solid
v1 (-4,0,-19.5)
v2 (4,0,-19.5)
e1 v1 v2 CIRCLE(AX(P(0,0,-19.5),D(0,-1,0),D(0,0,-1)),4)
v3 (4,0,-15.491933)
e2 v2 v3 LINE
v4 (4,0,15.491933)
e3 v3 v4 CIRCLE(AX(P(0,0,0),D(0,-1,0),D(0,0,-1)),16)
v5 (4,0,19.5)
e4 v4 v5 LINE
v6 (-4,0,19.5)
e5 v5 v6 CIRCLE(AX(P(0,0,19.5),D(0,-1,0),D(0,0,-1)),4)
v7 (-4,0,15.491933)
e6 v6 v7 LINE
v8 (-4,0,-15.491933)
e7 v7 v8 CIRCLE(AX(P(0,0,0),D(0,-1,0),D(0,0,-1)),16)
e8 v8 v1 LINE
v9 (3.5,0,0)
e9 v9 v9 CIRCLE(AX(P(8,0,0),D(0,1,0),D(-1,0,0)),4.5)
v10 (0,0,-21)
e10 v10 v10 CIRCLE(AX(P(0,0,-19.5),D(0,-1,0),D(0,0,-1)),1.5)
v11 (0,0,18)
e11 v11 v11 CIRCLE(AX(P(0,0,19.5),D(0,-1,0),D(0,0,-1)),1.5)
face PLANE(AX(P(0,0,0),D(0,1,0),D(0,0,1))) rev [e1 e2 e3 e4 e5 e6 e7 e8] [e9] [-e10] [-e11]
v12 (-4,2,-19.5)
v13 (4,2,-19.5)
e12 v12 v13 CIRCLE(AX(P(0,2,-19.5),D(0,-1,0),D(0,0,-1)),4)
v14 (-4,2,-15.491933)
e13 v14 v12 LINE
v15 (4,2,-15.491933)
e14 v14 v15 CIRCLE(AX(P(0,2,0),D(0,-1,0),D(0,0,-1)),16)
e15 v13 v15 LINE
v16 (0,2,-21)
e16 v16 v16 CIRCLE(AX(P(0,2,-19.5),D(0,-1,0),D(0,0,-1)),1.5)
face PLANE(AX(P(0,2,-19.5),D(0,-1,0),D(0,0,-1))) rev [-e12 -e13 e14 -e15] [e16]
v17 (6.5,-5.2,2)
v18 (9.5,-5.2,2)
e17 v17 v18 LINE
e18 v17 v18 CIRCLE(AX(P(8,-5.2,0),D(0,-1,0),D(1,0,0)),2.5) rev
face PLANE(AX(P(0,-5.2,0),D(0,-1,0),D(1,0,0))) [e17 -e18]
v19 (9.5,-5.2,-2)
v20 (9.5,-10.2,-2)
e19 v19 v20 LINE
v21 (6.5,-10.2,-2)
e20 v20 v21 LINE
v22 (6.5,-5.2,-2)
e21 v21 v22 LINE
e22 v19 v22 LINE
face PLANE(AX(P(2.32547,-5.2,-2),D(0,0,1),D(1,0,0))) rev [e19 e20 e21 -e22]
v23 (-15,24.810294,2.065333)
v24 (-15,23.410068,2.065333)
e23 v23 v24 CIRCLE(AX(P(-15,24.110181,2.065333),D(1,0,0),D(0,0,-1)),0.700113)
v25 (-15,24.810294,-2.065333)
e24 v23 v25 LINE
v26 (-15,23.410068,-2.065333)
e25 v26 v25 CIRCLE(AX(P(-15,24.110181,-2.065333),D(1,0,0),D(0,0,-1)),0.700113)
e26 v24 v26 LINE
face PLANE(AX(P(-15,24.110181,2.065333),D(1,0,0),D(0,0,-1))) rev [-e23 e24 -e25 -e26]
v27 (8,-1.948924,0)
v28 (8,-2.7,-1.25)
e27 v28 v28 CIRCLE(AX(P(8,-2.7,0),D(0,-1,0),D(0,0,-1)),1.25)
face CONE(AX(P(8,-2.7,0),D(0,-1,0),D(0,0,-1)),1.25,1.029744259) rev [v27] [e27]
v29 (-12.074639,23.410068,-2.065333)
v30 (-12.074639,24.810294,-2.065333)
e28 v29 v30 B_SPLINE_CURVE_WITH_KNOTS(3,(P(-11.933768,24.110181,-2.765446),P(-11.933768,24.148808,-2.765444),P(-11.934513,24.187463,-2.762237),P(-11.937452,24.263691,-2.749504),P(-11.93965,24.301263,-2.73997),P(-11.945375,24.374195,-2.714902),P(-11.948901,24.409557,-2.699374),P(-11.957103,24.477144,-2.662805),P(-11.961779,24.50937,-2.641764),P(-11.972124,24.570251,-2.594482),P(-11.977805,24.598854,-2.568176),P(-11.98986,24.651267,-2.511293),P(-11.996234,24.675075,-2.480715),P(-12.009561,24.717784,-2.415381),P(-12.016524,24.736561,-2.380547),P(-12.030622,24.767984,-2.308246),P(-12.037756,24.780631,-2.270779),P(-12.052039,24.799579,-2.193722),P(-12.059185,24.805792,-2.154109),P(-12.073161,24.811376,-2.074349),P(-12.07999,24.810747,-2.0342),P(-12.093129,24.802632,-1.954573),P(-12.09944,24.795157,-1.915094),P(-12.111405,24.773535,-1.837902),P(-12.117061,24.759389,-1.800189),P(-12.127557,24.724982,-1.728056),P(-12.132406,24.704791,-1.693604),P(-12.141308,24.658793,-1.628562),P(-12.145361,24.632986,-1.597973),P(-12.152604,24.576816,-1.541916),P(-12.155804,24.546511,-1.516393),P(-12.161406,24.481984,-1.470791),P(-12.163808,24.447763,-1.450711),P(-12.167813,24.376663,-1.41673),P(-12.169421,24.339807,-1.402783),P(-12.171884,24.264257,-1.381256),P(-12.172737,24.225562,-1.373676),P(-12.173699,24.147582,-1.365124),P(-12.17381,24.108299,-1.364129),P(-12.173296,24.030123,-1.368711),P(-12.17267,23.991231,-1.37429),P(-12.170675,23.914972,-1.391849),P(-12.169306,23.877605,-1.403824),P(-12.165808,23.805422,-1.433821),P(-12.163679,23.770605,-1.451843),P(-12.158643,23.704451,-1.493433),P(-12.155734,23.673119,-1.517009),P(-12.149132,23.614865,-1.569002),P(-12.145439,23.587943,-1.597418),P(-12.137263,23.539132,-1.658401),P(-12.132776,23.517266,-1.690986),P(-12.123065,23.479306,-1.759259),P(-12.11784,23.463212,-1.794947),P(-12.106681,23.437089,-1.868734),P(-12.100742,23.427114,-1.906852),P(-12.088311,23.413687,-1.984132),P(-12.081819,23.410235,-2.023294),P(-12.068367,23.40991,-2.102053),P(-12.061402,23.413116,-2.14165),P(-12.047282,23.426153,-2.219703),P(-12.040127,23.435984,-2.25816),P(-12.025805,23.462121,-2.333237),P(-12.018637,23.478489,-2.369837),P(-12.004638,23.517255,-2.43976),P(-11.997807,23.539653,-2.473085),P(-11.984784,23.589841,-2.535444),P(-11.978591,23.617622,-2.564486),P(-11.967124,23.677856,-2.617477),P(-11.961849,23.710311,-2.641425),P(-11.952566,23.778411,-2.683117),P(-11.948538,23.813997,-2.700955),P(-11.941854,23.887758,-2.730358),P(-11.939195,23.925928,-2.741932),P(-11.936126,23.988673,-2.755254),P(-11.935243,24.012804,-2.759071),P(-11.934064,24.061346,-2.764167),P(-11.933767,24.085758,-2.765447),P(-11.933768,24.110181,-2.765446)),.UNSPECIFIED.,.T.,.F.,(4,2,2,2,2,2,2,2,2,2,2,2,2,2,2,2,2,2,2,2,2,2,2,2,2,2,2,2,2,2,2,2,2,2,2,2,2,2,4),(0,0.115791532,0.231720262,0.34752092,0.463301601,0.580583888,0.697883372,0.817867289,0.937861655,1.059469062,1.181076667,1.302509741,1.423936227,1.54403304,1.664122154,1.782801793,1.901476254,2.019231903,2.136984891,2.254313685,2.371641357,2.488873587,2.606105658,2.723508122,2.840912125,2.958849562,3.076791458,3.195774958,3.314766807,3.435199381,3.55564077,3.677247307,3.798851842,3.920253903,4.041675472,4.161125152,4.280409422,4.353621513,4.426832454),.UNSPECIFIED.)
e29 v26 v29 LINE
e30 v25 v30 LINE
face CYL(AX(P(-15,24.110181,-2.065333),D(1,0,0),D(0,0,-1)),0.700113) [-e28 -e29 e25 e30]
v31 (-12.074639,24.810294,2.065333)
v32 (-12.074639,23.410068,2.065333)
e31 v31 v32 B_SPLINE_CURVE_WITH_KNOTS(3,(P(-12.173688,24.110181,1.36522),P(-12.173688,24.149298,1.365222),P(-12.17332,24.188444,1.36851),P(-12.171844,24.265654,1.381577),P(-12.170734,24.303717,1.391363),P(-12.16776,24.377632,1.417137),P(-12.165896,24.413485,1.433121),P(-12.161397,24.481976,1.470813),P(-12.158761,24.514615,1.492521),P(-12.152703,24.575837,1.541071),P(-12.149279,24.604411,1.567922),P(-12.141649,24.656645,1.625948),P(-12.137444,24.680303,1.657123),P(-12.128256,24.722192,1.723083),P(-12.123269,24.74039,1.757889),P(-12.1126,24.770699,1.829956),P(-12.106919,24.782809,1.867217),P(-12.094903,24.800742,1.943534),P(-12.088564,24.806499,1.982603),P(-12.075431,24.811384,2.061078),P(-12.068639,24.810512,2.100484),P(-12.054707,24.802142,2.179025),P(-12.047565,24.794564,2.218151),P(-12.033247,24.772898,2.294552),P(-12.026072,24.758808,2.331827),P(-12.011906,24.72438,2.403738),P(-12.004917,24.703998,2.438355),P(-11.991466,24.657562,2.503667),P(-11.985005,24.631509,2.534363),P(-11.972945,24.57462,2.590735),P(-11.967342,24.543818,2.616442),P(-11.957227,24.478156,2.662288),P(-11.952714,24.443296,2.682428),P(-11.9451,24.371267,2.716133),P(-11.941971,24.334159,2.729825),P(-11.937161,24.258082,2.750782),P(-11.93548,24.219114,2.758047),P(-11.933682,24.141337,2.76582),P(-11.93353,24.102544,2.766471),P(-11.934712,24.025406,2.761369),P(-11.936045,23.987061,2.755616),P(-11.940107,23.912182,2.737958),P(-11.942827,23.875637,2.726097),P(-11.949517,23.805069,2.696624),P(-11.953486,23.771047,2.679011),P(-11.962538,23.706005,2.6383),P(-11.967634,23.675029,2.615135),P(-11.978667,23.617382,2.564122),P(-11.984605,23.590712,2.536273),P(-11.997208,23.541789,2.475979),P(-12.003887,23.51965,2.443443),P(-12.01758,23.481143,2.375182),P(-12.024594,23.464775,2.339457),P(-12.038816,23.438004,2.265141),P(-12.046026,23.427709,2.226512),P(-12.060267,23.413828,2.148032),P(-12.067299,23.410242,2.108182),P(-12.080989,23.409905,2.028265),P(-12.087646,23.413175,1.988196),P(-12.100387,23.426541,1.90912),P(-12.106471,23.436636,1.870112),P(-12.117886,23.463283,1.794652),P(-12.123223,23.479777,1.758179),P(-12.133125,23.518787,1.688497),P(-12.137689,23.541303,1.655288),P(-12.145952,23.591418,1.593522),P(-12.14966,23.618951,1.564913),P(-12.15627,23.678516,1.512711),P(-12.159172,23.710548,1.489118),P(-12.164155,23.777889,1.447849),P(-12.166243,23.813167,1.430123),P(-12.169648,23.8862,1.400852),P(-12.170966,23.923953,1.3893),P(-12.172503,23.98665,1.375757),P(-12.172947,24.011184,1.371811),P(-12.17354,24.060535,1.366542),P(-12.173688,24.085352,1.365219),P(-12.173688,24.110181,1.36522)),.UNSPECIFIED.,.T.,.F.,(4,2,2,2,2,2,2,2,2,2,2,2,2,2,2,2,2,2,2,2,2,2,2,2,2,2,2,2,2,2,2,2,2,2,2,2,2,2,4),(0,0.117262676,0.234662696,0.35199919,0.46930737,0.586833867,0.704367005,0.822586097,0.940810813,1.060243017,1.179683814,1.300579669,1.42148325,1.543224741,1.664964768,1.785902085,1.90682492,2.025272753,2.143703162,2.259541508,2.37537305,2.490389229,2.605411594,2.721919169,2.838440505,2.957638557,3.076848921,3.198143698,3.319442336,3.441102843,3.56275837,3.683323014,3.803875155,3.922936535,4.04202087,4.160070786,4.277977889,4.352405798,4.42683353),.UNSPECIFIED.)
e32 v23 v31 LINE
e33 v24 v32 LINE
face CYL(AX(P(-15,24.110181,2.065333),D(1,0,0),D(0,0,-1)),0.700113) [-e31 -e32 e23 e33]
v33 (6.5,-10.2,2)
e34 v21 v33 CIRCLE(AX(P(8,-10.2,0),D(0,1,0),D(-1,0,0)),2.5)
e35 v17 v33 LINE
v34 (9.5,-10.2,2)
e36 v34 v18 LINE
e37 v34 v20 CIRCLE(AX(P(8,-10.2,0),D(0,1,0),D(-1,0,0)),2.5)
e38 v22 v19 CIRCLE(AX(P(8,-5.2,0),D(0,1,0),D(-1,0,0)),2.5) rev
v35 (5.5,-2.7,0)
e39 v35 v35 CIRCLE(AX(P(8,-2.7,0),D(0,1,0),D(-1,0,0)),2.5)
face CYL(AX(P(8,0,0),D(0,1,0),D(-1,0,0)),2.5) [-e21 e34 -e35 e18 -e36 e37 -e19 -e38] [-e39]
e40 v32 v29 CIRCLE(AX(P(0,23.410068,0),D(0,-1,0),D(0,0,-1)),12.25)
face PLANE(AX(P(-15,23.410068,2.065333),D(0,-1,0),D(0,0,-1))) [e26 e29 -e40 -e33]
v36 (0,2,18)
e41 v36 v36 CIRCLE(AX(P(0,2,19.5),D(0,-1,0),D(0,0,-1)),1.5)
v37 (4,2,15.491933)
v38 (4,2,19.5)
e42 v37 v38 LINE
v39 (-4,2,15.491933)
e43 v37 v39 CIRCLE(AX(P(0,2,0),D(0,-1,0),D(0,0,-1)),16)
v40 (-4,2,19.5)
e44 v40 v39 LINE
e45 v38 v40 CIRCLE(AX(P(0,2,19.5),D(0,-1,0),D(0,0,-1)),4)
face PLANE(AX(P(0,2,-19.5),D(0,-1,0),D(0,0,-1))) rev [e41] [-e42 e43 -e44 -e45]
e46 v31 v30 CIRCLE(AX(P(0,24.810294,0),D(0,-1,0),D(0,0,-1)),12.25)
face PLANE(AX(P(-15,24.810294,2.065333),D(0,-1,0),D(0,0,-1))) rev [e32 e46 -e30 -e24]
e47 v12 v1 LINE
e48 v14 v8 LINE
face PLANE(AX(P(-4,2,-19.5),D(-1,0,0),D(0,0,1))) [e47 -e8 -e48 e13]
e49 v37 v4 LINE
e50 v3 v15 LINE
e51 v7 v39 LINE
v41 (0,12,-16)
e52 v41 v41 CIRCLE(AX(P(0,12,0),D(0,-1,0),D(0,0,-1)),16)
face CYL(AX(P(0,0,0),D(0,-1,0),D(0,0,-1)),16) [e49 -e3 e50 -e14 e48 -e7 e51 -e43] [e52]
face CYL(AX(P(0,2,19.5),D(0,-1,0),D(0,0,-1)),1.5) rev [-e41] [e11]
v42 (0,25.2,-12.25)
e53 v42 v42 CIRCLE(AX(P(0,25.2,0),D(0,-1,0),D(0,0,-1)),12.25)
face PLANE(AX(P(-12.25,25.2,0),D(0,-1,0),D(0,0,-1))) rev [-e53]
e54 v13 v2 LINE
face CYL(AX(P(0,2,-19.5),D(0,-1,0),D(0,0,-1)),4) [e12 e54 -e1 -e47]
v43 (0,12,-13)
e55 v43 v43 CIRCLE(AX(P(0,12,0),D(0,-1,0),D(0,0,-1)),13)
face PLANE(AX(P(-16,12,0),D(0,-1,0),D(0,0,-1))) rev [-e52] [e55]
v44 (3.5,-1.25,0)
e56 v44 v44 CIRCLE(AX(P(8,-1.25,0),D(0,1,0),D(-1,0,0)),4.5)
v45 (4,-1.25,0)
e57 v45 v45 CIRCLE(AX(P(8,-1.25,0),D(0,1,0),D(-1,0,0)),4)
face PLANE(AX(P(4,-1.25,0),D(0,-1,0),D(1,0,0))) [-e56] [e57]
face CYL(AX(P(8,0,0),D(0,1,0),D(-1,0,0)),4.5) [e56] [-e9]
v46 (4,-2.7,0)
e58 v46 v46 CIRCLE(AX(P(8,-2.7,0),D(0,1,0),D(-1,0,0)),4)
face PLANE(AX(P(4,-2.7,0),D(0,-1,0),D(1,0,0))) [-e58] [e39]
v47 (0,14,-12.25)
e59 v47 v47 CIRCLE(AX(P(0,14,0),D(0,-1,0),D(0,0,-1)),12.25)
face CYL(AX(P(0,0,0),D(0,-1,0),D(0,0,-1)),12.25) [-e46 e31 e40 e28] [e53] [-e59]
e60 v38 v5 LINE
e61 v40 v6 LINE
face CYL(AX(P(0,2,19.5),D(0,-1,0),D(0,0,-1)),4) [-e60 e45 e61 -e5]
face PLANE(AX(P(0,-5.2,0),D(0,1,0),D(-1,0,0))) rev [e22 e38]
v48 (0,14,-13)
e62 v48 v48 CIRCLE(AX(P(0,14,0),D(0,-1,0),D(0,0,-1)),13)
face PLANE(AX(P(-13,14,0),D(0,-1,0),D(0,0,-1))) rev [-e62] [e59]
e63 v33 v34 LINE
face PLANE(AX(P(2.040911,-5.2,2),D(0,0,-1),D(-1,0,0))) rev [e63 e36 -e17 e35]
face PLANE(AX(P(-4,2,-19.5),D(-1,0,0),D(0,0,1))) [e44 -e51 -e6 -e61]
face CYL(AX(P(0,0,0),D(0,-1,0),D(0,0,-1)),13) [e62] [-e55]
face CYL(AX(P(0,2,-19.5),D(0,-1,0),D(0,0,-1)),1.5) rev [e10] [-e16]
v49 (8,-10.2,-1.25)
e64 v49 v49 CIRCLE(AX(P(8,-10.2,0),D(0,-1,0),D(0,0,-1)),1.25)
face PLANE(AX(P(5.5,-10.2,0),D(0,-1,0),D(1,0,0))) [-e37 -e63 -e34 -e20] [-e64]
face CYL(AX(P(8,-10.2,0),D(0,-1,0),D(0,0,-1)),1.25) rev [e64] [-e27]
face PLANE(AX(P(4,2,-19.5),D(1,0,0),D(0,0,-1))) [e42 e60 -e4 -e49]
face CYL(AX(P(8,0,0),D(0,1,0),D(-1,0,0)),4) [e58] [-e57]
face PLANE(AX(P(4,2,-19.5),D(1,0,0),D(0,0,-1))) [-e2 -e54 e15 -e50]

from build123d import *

# Parameters (mm, degrees)
M3_TAPPED_HOLE1_D     = 2.5
M3_TAPPED_HOLE1_DEPTH = 7.5
M3_TAPPED_HOLE1_TIP   = 0.751075774
SKETCH5_W             = 11.224279957
SKETCH5_H             = 5.216918853
SKETCH5_W_2           = 10.939720747
SKETCH5_H_2           = 5.185301163
CUT_EXTRUDE1_DEPTH    = 5
SKETCH6_R             = 1.5
BOSS_EXTRUDE1_DEPTH   = 2
BOSS_EXTRUDE2_DEPTH   = 15


with BuildPart() as part:
    # Sketch1 → Revolve1 (revolve)
    with BuildSketch(Plane.XY):
        Polygon((0, 0), (-16, 0), (-16, 12), (-13, 12), (-13, 14), (-12.25, 14), (-12.25, 25.2), (0, 25.2), align=None)
    revolve(axis=Axis((0, 0, 0), (0, 1, 0)))

    # Sketch2 → Revolve2 (revolve)
    with BuildSketch(Plane.XY):
        Polygon((4, -2.7), (4, -1.25), (3.5, -1.25), (3.5, 0), (8, 0), (8, -10.2), (5.5, -10.2), (5.5, -2.7), align=None)
    revolve(axis=Axis((8, 0, 0), (0, -1, 0)))

    # M3 Tapped Hole1
    with Locations(Plane(origin=(0, -10.2, 0), x_dir=(-1, 0, 0), z_dir=(0, -1, 0))):
        with Locations((-8, 0)):
            Hole(M3_TAPPED_HOLE1_D / 2, depth=M3_TAPPED_HOLE1_DEPTH)
            with Locations((0, 0, -(M3_TAPPED_HOLE1_DEPTH + M3_TAPPED_HOLE1_TIP / 2))):  # 118° drill point
                Cone(0, M3_TAPPED_HOLE1_D / 2, M3_TAPPED_HOLE1_TIP, mode=Mode.SUBTRACT)

    # Sketch5 → Cut-Extrude1 (cut)
    with BuildSketch(Plane.XZ.offset(10.2)):
        with Locations((7.653051139, 4.608459426)):
            Rectangle(SKETCH5_W, SKETCH5_H)
        with Locations((7.795330744, -4.592650582)):
            Rectangle(SKETCH5_W_2, SKETCH5_H_2)
    extrude(amount=-CUT_EXTRUDE1_DEPTH, mode=Mode.SUBTRACT)

    # Sketch6 → Boss-Extrude1 (add)
    with BuildSketch(Plane.XZ):
        with BuildLine():
            Line((-4, -19.5), (-4, 19.5))
            ThreePointArc((-4, 19.5), (0, 23.5), (4, 19.5))
            Line((4, 19.5), (4, -19.5))
            ThreePointArc((4, -19.5), (0, -23.5), (-4, -19.5))
        make_face()
        with Locations((0, -19.5)):
            Circle(SKETCH6_R, mode=Mode.SUBTRACT)
        with Locations((0, 19.5)):
            Circle(SKETCH6_R, mode=Mode.SUBTRACT)
    extrude(amount=-BOSS_EXTRUDE1_DEPTH)

    # Sketch7 → Boss-Extrude2 (add)
    with BuildSketch(Plane(origin=(0, 0, 0), x_dir=(0, 0, -1), z_dir=(1, 0, 0))):
        with BuildLine():
            Line((-2.065333305, 24.81029355), (2.065333305, 24.81029355))
            ThreePointArc((2.065333305, 24.81029355), (2.76544629, 24.110180565), (2.065333305, 23.410067581))
            Line((2.065333305, 23.410067581), (-2.065333305, 23.410067581))
            ThreePointArc((-2.065333305, 23.410067581), (-2.76544629, 24.110180565), (-2.065333305, 24.81029355))
        make_face()
    extrude(amount=-BOSS_EXTRUDE2_DEPTH)


solid = part.part
